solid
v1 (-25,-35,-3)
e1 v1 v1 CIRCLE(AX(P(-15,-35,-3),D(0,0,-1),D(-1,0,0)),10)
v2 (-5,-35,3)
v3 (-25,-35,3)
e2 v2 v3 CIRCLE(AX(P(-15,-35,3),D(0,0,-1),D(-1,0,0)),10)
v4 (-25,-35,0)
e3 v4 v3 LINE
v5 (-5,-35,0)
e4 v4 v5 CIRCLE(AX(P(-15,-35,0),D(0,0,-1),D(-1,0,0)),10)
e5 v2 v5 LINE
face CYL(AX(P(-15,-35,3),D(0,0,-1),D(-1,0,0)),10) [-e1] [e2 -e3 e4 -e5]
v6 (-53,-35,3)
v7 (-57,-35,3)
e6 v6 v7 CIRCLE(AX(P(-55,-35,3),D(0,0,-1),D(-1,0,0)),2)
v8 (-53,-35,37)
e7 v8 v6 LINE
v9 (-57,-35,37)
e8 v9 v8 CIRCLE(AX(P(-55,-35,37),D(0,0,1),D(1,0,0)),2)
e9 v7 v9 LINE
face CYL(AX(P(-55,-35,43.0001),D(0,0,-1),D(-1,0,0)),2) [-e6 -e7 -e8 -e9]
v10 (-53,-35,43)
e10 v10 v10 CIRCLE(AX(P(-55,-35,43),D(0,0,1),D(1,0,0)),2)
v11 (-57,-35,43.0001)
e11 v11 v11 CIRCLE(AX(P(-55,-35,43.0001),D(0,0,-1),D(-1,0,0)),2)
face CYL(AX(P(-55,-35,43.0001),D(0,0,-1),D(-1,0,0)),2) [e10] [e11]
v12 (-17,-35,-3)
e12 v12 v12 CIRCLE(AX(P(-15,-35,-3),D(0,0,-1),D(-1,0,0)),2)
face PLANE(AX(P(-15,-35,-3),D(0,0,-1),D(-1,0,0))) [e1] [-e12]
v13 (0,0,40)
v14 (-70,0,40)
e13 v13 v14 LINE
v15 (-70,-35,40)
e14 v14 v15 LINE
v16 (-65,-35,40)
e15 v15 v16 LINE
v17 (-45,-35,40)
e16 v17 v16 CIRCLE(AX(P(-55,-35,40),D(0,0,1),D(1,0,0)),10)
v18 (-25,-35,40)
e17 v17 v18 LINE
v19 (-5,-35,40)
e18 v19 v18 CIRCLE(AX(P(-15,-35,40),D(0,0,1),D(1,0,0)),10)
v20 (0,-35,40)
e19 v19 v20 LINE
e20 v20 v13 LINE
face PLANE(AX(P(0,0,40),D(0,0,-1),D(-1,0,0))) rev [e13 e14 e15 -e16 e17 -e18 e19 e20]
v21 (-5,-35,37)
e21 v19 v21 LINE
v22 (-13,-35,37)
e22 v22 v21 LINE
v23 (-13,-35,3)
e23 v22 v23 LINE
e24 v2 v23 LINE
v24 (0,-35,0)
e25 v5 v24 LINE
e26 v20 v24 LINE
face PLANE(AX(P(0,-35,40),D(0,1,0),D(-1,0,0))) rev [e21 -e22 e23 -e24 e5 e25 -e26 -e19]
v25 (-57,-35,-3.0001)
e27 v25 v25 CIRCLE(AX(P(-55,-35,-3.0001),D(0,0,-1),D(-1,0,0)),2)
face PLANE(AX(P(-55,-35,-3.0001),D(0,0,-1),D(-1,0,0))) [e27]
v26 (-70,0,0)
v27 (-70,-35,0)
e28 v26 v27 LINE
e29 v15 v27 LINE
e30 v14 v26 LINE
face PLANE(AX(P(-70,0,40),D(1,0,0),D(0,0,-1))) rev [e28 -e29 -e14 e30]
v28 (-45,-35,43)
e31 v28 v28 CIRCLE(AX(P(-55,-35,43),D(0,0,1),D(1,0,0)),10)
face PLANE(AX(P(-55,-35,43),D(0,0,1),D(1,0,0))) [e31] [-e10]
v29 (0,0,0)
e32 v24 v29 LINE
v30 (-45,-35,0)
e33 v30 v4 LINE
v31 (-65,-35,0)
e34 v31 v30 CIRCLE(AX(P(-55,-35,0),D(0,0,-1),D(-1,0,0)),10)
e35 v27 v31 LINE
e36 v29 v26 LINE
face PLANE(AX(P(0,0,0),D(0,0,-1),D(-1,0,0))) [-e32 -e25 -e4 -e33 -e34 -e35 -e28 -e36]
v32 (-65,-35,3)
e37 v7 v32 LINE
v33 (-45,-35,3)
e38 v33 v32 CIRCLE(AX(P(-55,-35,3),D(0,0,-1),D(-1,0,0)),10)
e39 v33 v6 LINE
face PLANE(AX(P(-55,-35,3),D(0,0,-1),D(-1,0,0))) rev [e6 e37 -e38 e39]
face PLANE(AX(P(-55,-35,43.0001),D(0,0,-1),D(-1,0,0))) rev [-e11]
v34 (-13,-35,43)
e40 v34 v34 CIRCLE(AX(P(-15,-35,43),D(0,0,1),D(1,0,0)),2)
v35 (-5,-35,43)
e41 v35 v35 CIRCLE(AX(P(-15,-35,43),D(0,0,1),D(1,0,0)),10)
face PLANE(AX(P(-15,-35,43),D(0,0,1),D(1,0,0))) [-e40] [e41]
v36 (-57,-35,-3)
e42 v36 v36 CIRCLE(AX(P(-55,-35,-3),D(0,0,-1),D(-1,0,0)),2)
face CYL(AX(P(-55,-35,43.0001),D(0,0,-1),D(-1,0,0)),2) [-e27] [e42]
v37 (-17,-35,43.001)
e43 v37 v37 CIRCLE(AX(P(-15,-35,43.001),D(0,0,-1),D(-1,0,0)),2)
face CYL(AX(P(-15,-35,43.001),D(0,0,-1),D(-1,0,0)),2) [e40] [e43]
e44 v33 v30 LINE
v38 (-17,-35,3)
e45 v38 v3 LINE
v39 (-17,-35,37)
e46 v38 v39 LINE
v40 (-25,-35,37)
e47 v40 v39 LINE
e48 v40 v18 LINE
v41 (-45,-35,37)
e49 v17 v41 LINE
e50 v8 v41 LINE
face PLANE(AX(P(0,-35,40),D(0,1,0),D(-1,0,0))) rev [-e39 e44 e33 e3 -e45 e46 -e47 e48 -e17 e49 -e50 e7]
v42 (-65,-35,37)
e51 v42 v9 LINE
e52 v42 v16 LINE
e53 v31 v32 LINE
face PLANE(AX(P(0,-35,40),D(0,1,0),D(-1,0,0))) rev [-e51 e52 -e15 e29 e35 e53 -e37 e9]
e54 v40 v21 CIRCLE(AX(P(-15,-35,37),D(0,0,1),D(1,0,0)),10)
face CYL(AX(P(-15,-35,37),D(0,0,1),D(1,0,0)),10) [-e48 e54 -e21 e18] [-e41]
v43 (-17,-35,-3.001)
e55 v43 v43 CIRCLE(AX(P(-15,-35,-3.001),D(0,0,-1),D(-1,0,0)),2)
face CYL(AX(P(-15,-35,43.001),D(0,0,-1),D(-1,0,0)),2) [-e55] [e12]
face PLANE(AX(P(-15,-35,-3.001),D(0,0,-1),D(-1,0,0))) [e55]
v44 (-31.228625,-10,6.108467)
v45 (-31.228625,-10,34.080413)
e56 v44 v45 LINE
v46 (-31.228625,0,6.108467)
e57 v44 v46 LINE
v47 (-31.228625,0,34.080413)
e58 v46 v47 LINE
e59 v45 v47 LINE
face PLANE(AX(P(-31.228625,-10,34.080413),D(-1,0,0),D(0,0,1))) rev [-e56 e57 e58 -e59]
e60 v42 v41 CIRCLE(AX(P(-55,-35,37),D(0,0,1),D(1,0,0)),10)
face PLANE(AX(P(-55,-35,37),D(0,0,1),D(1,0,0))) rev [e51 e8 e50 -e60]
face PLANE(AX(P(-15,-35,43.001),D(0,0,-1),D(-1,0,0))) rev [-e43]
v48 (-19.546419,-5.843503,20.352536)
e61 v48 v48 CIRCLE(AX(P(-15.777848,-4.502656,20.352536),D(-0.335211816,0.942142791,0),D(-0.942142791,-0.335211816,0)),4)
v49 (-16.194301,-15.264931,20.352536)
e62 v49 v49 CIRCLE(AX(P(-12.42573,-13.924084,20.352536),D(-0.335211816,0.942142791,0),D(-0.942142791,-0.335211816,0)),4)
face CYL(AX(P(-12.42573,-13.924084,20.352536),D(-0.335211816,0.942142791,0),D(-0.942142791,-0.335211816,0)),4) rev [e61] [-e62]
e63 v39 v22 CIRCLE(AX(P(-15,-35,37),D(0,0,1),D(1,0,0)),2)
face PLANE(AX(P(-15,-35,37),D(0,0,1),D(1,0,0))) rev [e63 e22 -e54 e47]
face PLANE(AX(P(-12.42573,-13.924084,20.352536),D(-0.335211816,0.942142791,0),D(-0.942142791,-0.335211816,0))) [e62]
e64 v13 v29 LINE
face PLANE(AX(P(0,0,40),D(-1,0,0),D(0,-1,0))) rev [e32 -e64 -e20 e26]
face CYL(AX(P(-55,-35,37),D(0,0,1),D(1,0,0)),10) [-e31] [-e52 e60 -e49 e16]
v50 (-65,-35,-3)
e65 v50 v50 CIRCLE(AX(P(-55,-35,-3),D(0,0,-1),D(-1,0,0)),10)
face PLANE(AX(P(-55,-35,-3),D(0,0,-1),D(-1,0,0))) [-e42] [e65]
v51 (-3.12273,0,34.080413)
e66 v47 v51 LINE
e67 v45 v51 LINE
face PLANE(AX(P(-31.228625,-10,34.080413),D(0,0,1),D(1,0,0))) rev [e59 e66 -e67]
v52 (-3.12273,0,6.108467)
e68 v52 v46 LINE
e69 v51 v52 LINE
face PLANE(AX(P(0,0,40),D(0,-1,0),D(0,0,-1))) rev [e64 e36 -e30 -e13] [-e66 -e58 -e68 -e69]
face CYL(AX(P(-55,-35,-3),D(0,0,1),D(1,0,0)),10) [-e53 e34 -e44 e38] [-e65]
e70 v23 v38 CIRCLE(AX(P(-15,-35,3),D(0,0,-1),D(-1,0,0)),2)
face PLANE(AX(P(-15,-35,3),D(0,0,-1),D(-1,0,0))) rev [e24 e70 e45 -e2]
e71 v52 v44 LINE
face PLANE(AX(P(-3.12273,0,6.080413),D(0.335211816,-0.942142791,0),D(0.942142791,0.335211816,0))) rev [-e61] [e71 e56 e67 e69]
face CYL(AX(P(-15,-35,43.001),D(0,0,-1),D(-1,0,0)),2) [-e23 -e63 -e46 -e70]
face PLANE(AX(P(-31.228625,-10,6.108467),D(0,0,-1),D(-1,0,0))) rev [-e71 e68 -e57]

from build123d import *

# Parameters (mm, degrees)
SKETCH2_W                 = 70
SKETCH2_H                 = 35
BOSS_EXTRUDE2_DEPTH       = 40
SKETCH3_W                 = 28.105894453
SKETCH3_H                 = 27.971945797
CUT_EXTRUDE1_DEPTH        = 10
SKETCH4_R                 = 10
CUT_EXTRUDE2_DEPTH        = 3
CUT_EXTRUDE3_START        = -3
SKETCH5_R                 = 10
CUT_EXTRUDE3_DEPTH        = 3
BOSS_EXTRUDE3_DEPTH       = 3
BOSS_EXTRUDE3_DEPTH_BACK  = 3
SKETCH6_R                 = 10
SKETCH7_R                 = 10
BOSS_EXTRUDE5_DEPTH       = 6
SKETCH8_R                 = 2
CUT_EXTRUDE5_DEPTH        = 46
BOSS_EXTRUDE8_DEPTH       = 0.0001
BOSS_EXTRUDE8_DEPTH_BACK  = 46.0001
SKETCH9_R                 = 2
BOSS_EXTRUDE9_DEPTH       = 3
BOSS_EXTRUDE9_DEPTH_BACK  = 3
SKETCH10_R                = 10
BOSS_EXTRUDE10_DEPTH      = 3
BOSS_EXTRUDE10_DEPTH_BACK = 3
SKETCH11_R                = 10
SKETCH12_R                = 2
CUT_EXTRUDE6_DEPTH        = 46
BOSS_EXTRUDE11_DEPTH      = 0.001
BOSS_EXTRUDE11_DEPTH_BACK = 46.001
SKETCH13_R                = 2
BOSS_EXTRUDE12_DEPTH      = 28
SKETCH18_R                = 4
CUT_EXTRUDE11_DEPTH       = 10


with BuildPart() as part:
    # Sketch2 → Boss-Extrude2 (new body)
    with BuildSketch(Plane.XY):
        with Locations((-35, -17.5)):
            Rectangle(SKETCH2_W, SKETCH2_H)
    extrude(amount=BOSS_EXTRUDE2_DEPTH)

    # Sketch3 → Cut-Extrude1 (cut)
    with BuildSketch(Plane(origin=(0, 0, 0), x_dir=(1, 0, 0), z_dir=(0, 1, 0))):
        with Locations((-17.175677586, -20.094439992)):
            Rectangle(SKETCH3_W, SKETCH3_H)
    extrude(amount=-CUT_EXTRUDE1_DEPTH, mode=Mode.SUBTRACT)

    # Sketch4 → Cut-Extrude2 (cut)
    with BuildSketch(Plane.XY.offset(40)):
        with Locations((-15, -35)):
            Circle(SKETCH4_R)
        with Locations((-55, -35)):
            Circle(SKETCH4_R)
    extrude(amount=-CUT_EXTRUDE2_DEPTH, mode=Mode.SUBTRACT)

    # Sketch5 → Cut-Extrude3 (cut)
    with BuildSketch(Plane(origin=(0, 0, 0), x_dir=(-1, 0, 0), z_dir=(0, 0, -1)).offset(CUT_EXTRUDE3_START)):
        with Locations((15, -35)):
            Circle(SKETCH5_R)
        with Locations((55, -35)):
            Circle(SKETCH5_R)
    extrude(amount=CUT_EXTRUDE3_DEPTH, mode=Mode.SUBTRACT)

    # Sketch6 → Boss-Extrude3 (add, two sides: drawn at the far end of the back side and taken through both)
    with BuildSketch(Plane.XY.offset(40).offset(-BOSS_EXTRUDE3_DEPTH_BACK)):
        with Locations((-55, -35)):
            Circle(SKETCH6_R)
    extrude(amount=BOSS_EXTRUDE3_DEPTH + BOSS_EXTRUDE3_DEPTH_BACK)

    # Sketch7 → Boss-Extrude5 (add)
    with BuildSketch(Plane(origin=(0, 0, 3), x_dir=(-1, 0, 0), z_dir=(0, 0, -1))):
        with Locations(Location((55, -35, 0), (0, 0, 180))):
            Circle(SKETCH7_R)
    extrude(amount=BOSS_EXTRUDE5_DEPTH)

    # Sketch8 → Cut-Extrude5 (cut)
    with BuildSketch(Plane(origin=(0, 0, -3), x_dir=(-1, 0, 0), z_dir=(0, 0, -1))):
        with Locations((55, -35)):
            Circle(SKETCH8_R)
    extrude(amount=-CUT_EXTRUDE5_DEPTH, mode=Mode.SUBTRACT)

    # Sketch9 → Boss-Extrude8 (add, two sides: drawn at the far end of the back side and taken through both)
    with BuildSketch(Plane(origin=(0, 0, -3), x_dir=(-1, 0, 0), z_dir=(0, 0, -1)).offset(-BOSS_EXTRUDE8_DEPTH_BACK)):
        with Locations((55, -35)):
            Circle(SKETCH9_R)
    extrude(amount=BOSS_EXTRUDE8_DEPTH + BOSS_EXTRUDE8_DEPTH_BACK)

    # Sketch10 → Boss-Extrude9 (add, two sides: drawn at the far end of the back side and taken through both)
    with BuildSketch(Plane.XY.offset(40).offset(-BOSS_EXTRUDE9_DEPTH_BACK)):
        with Locations((-15, -35)):
            Circle(SKETCH10_R)
    extrude(amount=BOSS_EXTRUDE9_DEPTH + BOSS_EXTRUDE9_DEPTH_BACK)

    # Sketch11 → Boss-Extrude10 (add, two sides: drawn at the far end of the back side and taken through both)
    with BuildSketch(Plane(origin=(0, 0, 0), x_dir=(-1, 0, 0), z_dir=(0, 0, -1)).offset(-BOSS_EXTRUDE10_DEPTH_BACK)):
        with Locations(Location((15, -35, 0), (0, 0, 180))):
            Circle(SKETCH11_R)
    extrude(amount=BOSS_EXTRUDE10_DEPTH + BOSS_EXTRUDE10_DEPTH_BACK)

    # Sketch12 → Cut-Extrude6 (cut)
    with BuildSketch(Plane(origin=(0, 0, -3), x_dir=(-1, 0, 0), z_dir=(0, 0, -1))):
        with Locations((15, -35)):
            Circle(SKETCH12_R)
    extrude(amount=-CUT_EXTRUDE6_DEPTH, mode=Mode.SUBTRACT)

    # Sketch13 → Boss-Extrude11 (add, two sides: drawn at the far end of the back side and taken through both)
    with BuildSketch(Plane(origin=(0, 0, -3), x_dir=(-1, 0, 0), z_dir=(0, 0, -1)).offset(-BOSS_EXTRUDE11_DEPTH_BACK)):
        with Locations((15, -35)):
            Circle(SKETCH13_R)
    extrude(amount=BOSS_EXTRUDE11_DEPTH + BOSS_EXTRUDE11_DEPTH_BACK)

    # Sketch14 → Boss-Extrude12 (add)
    with BuildSketch(Plane(origin=(0, 0, 34.080412891), x_dir=(-1, 0, 0), z_dir=(0, 0, -1))):
        Polygon((3.122730359, 0), (31.228624812, -10), (3.122730359, -10), align=None)
    extrude(amount=BOSS_EXTRUDE12_DEPTH)

    # Sketch18 → Cut-Extrude11 (cut)
    with BuildSketch(Plane(origin=(-0.350891722, 0.986212569, 0), x_dir=(0.9421427910100845, 0.33521181564456864, 0), z_dir=(-0.33521181564456864, 0.9421427910100845, 0))):
        with Locations(Location((-16.374329601, -20.352535637, 0), (0, 0, 180))):
            Circle(SKETCH18_R)
    extrude(amount=-CUT_EXTRUDE11_DEPTH, mode=Mode.SUBTRACT)


solid = part.part
